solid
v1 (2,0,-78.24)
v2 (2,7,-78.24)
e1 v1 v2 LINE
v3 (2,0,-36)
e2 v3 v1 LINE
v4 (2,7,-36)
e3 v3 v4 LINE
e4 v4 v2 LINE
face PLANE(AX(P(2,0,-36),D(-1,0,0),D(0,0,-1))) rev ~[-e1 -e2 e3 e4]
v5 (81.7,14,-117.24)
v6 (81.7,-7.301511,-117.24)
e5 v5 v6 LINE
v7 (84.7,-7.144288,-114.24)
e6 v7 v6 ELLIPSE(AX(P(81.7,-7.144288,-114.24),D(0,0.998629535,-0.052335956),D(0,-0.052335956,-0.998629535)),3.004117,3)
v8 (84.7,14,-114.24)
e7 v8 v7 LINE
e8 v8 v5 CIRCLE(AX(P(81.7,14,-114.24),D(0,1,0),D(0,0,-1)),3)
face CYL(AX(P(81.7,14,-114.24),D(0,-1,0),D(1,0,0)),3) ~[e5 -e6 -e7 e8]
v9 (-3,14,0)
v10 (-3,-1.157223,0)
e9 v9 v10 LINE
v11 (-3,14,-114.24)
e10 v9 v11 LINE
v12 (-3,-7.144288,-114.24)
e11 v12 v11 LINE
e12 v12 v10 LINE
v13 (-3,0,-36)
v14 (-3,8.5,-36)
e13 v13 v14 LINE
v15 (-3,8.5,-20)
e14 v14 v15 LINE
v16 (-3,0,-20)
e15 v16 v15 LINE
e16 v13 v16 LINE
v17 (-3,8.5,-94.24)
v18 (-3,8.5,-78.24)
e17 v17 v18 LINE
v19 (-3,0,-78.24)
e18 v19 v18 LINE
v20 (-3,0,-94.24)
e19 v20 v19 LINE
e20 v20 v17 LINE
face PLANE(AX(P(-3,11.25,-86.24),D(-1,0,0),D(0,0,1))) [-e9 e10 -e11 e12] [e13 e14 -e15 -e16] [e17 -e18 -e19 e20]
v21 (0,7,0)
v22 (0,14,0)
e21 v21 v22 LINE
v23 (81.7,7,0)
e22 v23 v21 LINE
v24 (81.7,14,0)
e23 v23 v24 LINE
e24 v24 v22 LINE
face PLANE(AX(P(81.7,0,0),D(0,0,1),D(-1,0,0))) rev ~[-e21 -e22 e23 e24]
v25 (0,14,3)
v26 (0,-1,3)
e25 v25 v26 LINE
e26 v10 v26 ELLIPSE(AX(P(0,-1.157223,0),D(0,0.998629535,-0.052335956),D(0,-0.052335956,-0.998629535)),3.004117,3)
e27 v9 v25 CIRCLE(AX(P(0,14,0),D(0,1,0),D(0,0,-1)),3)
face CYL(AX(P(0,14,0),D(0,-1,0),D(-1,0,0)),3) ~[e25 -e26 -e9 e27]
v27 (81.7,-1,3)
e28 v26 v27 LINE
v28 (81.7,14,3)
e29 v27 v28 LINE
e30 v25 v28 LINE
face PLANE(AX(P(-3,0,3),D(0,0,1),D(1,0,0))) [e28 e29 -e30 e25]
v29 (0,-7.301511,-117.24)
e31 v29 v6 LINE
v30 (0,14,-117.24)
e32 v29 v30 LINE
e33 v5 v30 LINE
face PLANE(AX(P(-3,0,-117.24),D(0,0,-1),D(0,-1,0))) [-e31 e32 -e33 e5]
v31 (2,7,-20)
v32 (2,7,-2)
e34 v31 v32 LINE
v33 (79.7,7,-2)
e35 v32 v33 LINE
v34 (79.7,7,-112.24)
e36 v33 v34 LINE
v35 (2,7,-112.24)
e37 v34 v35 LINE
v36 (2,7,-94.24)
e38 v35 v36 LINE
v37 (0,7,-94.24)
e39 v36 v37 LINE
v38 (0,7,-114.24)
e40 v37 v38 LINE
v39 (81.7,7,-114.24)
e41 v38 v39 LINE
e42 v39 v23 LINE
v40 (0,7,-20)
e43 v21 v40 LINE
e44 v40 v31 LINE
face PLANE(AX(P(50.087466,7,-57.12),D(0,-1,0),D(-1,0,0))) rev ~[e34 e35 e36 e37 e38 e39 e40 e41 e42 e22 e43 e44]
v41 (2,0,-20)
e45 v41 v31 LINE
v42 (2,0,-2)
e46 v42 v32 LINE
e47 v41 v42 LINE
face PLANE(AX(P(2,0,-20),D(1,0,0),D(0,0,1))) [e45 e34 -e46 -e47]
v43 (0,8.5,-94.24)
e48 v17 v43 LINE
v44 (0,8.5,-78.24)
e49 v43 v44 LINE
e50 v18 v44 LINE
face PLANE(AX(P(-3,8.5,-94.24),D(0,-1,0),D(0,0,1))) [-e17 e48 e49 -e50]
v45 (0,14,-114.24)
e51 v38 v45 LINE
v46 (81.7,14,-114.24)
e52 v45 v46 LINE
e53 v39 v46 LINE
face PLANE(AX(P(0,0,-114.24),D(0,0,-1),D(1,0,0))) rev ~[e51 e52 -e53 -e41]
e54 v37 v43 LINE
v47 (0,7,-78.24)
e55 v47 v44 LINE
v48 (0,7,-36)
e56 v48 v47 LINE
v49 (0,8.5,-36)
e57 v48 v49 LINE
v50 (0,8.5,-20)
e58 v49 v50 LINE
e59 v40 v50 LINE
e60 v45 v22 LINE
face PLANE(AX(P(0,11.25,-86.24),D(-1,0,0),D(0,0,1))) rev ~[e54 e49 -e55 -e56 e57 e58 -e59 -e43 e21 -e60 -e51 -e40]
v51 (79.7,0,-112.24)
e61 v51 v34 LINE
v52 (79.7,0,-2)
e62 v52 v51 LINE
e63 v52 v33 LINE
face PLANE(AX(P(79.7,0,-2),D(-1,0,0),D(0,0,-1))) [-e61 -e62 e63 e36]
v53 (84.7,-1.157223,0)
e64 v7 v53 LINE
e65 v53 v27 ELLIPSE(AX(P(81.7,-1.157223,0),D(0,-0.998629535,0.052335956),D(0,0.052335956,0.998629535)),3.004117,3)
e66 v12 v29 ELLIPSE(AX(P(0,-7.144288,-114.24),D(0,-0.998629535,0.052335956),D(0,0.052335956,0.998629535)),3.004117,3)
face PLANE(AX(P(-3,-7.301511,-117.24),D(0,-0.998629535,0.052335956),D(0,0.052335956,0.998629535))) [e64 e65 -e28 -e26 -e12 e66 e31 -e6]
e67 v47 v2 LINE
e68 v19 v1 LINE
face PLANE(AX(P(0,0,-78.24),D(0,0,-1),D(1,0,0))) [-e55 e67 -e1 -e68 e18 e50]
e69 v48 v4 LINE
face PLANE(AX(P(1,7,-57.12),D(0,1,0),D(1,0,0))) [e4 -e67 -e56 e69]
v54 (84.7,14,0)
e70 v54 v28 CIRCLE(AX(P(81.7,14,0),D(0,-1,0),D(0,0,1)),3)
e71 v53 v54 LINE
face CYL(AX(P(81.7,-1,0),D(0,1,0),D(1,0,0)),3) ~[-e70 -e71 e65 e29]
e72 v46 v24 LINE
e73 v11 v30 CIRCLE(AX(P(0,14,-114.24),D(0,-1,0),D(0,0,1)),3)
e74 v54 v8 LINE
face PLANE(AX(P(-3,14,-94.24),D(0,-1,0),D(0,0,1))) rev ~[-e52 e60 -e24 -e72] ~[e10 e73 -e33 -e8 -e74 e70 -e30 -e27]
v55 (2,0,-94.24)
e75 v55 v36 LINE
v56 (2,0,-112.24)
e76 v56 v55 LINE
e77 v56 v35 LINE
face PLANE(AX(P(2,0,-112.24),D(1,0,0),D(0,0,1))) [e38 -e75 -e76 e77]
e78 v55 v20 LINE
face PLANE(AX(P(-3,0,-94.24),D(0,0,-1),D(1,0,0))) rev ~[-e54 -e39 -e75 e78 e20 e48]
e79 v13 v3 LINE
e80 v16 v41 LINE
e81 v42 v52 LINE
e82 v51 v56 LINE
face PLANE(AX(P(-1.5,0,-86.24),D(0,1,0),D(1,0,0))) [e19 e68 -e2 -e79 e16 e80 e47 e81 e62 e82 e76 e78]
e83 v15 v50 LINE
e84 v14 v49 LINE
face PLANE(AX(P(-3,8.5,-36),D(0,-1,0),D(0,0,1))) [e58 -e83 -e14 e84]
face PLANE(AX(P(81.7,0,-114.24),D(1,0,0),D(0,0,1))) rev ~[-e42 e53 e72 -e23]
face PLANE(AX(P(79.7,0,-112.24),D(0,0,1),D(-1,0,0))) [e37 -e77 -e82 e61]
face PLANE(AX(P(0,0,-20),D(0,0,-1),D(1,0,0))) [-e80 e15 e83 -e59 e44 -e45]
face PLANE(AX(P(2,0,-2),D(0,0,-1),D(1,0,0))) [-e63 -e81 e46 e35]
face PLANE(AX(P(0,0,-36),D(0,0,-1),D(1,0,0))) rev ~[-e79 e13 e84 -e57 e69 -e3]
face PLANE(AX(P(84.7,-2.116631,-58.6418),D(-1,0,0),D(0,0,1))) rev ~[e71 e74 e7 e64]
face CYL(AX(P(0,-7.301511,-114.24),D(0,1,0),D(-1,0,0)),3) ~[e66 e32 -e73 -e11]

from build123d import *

# Parameters (mm, degrees)
BOSS_EXTRUDE1_DEPTH   = 14
SKETCH1_W             = 3
SKETCH1_H             = 42.24
BOSS_EXTRUDE1_2_DEPTH = 14
SKETCH1_3_W           = 3
SKETCH1_3_H           = 16
SKETCH1_3_H_2         = 42.24
SKETCH1_3_W_2         = 81.7
SKETCH1_3_H_3         = 114.24
BOSS_EXTRUDE2_DEPTH   = 1
BOSS_EXTRUDE3_DEPTH   = 87.7
FILLET1_R             = 3
SKETCH3_W             = 2
SKETCH3_H             = 42.24
BOSS_EXTRUDE4_DEPTH   = 7
SKETCH4_W             = 16
SKETCH4_H             = 5.5
BOSS_EXTRUDE5_DEPTH   = 3


with BuildPart() as part:
    # Sketch1 → Boss-Extrude1 (new body)
    with BuildSketch(Plane(origin=(0, 0, 0), x_dir=(1, 0, 0), z_dir=(0, 1, 0))):
        Polygon((81.7, 0), (0, 0), (0, 20), (-3, 20), (-3, -3), (84.7, -3), (84.7, 117.24), (-3, 117.24), (-3, 94.24), (0, 94.24), (0, 114.24), (81.7, 114.24), align=None)
    extrude(amount=BOSS_EXTRUDE1_DEPTH)

    # Sketch1<3> → Boss-Extrude2 (add)
    with BuildSketch(Plane(origin=(0, 0, 0), x_dir=(1, 0, 0), z_dir=(0, 1, 0))):
        with Locations((-1.5, 86.24)):
            Rectangle(SKETCH1_3_W, SKETCH1_3_H)
        with Locations((-1.5, 57.12)):
            Rectangle(SKETCH1_3_W, SKETCH1_3_H_2)
        with Locations((-1.5, 28)):
            Rectangle(SKETCH1_3_W, SKETCH1_3_H)
        with Locations((40.85, 57.12)):
            Rectangle(SKETCH1_3_W_2, SKETCH1_3_H_3)
        Polygon((81.7, 0), (0, 0), (0, 20), (-3, 20), (-3, -3), (84.7, -3), (84.7, 117.24), (-3, 117.24), (-3, 94.24), (0, 94.24), (0, 114.24), (81.7, 114.24), align=None)
    extrude(amount=-BOSS_EXTRUDE2_DEPTH)



with BuildPart() as body_2:
    # Sketch1 → Boss-Extrude1 2 (new body)
    with BuildSketch(Plane(origin=(0, 0, 0), x_dir=(1, 0, 0), z_dir=(0, 1, 0))):
        with Locations((-1.5, 57.12)):
            Rectangle(SKETCH1_W, SKETCH1_H)
    extrude(amount=BOSS_EXTRUDE1_2_DEPTH)


with BuildPart() as part_1:
    add(part.part)

    add(body_2.part)  # Boss-Extrude3 merges body 2
    # Sketch2 → Boss-Extrude3 (add)
    with BuildSketch(Plane.ZY.offset(3)):
        Polygon((-117.24, -1), (-117.24, -7.301511381), (3, -1), (3, 0), (-117.24, 0), align=None)
    extrude(amount=-BOSS_EXTRUDE3_DEPTH)

    # Fillet1
    fillet1_edges = [part_1.edges().sort_by_distance(p)[0] for p in [
        (-3, 3.34924431, -117.24),
        (84.7, 3.34924431, -117.24),
        (84.7, 6.5, 3),
        (-3, 6.5, 3),
    ]]
    fillet(fillet1_edges, radius=FILLET1_R)

    # Sketch3 → Boss-Extrude4 (add)
    with BuildSketch(Plane(origin=(0, 0, 0), x_dir=(1, 0, 0), z_dir=(0, 1, 0))):
        with Locations((1, 57.12)):
            Rectangle(SKETCH3_W, SKETCH3_H)
        Polygon((2, 20), (2, 2), (79.7, 2), (79.7, 112.24), (2, 112.24), (2, 94.24), (0, 94.24), (0, 114.24), (81.7, 114.24), (81.7, 0), (0, 0), (0, 20), align=None)
    extrude(amount=BOSS_EXTRUDE4_DEPTH)

    # Sketch4 → Boss-Extrude5 (add)
    with BuildSketch(Plane.ZY.offset(3)):
        with Locations((-86.24, 11.25)):
            Rectangle(SKETCH4_W, SKETCH4_H)
        with Locations((-28, 11.25)):
            Rectangle(SKETCH4_W, SKETCH4_H)
    extrude(amount=-BOSS_EXTRUDE5_DEPTH)


solid = part_1.part
